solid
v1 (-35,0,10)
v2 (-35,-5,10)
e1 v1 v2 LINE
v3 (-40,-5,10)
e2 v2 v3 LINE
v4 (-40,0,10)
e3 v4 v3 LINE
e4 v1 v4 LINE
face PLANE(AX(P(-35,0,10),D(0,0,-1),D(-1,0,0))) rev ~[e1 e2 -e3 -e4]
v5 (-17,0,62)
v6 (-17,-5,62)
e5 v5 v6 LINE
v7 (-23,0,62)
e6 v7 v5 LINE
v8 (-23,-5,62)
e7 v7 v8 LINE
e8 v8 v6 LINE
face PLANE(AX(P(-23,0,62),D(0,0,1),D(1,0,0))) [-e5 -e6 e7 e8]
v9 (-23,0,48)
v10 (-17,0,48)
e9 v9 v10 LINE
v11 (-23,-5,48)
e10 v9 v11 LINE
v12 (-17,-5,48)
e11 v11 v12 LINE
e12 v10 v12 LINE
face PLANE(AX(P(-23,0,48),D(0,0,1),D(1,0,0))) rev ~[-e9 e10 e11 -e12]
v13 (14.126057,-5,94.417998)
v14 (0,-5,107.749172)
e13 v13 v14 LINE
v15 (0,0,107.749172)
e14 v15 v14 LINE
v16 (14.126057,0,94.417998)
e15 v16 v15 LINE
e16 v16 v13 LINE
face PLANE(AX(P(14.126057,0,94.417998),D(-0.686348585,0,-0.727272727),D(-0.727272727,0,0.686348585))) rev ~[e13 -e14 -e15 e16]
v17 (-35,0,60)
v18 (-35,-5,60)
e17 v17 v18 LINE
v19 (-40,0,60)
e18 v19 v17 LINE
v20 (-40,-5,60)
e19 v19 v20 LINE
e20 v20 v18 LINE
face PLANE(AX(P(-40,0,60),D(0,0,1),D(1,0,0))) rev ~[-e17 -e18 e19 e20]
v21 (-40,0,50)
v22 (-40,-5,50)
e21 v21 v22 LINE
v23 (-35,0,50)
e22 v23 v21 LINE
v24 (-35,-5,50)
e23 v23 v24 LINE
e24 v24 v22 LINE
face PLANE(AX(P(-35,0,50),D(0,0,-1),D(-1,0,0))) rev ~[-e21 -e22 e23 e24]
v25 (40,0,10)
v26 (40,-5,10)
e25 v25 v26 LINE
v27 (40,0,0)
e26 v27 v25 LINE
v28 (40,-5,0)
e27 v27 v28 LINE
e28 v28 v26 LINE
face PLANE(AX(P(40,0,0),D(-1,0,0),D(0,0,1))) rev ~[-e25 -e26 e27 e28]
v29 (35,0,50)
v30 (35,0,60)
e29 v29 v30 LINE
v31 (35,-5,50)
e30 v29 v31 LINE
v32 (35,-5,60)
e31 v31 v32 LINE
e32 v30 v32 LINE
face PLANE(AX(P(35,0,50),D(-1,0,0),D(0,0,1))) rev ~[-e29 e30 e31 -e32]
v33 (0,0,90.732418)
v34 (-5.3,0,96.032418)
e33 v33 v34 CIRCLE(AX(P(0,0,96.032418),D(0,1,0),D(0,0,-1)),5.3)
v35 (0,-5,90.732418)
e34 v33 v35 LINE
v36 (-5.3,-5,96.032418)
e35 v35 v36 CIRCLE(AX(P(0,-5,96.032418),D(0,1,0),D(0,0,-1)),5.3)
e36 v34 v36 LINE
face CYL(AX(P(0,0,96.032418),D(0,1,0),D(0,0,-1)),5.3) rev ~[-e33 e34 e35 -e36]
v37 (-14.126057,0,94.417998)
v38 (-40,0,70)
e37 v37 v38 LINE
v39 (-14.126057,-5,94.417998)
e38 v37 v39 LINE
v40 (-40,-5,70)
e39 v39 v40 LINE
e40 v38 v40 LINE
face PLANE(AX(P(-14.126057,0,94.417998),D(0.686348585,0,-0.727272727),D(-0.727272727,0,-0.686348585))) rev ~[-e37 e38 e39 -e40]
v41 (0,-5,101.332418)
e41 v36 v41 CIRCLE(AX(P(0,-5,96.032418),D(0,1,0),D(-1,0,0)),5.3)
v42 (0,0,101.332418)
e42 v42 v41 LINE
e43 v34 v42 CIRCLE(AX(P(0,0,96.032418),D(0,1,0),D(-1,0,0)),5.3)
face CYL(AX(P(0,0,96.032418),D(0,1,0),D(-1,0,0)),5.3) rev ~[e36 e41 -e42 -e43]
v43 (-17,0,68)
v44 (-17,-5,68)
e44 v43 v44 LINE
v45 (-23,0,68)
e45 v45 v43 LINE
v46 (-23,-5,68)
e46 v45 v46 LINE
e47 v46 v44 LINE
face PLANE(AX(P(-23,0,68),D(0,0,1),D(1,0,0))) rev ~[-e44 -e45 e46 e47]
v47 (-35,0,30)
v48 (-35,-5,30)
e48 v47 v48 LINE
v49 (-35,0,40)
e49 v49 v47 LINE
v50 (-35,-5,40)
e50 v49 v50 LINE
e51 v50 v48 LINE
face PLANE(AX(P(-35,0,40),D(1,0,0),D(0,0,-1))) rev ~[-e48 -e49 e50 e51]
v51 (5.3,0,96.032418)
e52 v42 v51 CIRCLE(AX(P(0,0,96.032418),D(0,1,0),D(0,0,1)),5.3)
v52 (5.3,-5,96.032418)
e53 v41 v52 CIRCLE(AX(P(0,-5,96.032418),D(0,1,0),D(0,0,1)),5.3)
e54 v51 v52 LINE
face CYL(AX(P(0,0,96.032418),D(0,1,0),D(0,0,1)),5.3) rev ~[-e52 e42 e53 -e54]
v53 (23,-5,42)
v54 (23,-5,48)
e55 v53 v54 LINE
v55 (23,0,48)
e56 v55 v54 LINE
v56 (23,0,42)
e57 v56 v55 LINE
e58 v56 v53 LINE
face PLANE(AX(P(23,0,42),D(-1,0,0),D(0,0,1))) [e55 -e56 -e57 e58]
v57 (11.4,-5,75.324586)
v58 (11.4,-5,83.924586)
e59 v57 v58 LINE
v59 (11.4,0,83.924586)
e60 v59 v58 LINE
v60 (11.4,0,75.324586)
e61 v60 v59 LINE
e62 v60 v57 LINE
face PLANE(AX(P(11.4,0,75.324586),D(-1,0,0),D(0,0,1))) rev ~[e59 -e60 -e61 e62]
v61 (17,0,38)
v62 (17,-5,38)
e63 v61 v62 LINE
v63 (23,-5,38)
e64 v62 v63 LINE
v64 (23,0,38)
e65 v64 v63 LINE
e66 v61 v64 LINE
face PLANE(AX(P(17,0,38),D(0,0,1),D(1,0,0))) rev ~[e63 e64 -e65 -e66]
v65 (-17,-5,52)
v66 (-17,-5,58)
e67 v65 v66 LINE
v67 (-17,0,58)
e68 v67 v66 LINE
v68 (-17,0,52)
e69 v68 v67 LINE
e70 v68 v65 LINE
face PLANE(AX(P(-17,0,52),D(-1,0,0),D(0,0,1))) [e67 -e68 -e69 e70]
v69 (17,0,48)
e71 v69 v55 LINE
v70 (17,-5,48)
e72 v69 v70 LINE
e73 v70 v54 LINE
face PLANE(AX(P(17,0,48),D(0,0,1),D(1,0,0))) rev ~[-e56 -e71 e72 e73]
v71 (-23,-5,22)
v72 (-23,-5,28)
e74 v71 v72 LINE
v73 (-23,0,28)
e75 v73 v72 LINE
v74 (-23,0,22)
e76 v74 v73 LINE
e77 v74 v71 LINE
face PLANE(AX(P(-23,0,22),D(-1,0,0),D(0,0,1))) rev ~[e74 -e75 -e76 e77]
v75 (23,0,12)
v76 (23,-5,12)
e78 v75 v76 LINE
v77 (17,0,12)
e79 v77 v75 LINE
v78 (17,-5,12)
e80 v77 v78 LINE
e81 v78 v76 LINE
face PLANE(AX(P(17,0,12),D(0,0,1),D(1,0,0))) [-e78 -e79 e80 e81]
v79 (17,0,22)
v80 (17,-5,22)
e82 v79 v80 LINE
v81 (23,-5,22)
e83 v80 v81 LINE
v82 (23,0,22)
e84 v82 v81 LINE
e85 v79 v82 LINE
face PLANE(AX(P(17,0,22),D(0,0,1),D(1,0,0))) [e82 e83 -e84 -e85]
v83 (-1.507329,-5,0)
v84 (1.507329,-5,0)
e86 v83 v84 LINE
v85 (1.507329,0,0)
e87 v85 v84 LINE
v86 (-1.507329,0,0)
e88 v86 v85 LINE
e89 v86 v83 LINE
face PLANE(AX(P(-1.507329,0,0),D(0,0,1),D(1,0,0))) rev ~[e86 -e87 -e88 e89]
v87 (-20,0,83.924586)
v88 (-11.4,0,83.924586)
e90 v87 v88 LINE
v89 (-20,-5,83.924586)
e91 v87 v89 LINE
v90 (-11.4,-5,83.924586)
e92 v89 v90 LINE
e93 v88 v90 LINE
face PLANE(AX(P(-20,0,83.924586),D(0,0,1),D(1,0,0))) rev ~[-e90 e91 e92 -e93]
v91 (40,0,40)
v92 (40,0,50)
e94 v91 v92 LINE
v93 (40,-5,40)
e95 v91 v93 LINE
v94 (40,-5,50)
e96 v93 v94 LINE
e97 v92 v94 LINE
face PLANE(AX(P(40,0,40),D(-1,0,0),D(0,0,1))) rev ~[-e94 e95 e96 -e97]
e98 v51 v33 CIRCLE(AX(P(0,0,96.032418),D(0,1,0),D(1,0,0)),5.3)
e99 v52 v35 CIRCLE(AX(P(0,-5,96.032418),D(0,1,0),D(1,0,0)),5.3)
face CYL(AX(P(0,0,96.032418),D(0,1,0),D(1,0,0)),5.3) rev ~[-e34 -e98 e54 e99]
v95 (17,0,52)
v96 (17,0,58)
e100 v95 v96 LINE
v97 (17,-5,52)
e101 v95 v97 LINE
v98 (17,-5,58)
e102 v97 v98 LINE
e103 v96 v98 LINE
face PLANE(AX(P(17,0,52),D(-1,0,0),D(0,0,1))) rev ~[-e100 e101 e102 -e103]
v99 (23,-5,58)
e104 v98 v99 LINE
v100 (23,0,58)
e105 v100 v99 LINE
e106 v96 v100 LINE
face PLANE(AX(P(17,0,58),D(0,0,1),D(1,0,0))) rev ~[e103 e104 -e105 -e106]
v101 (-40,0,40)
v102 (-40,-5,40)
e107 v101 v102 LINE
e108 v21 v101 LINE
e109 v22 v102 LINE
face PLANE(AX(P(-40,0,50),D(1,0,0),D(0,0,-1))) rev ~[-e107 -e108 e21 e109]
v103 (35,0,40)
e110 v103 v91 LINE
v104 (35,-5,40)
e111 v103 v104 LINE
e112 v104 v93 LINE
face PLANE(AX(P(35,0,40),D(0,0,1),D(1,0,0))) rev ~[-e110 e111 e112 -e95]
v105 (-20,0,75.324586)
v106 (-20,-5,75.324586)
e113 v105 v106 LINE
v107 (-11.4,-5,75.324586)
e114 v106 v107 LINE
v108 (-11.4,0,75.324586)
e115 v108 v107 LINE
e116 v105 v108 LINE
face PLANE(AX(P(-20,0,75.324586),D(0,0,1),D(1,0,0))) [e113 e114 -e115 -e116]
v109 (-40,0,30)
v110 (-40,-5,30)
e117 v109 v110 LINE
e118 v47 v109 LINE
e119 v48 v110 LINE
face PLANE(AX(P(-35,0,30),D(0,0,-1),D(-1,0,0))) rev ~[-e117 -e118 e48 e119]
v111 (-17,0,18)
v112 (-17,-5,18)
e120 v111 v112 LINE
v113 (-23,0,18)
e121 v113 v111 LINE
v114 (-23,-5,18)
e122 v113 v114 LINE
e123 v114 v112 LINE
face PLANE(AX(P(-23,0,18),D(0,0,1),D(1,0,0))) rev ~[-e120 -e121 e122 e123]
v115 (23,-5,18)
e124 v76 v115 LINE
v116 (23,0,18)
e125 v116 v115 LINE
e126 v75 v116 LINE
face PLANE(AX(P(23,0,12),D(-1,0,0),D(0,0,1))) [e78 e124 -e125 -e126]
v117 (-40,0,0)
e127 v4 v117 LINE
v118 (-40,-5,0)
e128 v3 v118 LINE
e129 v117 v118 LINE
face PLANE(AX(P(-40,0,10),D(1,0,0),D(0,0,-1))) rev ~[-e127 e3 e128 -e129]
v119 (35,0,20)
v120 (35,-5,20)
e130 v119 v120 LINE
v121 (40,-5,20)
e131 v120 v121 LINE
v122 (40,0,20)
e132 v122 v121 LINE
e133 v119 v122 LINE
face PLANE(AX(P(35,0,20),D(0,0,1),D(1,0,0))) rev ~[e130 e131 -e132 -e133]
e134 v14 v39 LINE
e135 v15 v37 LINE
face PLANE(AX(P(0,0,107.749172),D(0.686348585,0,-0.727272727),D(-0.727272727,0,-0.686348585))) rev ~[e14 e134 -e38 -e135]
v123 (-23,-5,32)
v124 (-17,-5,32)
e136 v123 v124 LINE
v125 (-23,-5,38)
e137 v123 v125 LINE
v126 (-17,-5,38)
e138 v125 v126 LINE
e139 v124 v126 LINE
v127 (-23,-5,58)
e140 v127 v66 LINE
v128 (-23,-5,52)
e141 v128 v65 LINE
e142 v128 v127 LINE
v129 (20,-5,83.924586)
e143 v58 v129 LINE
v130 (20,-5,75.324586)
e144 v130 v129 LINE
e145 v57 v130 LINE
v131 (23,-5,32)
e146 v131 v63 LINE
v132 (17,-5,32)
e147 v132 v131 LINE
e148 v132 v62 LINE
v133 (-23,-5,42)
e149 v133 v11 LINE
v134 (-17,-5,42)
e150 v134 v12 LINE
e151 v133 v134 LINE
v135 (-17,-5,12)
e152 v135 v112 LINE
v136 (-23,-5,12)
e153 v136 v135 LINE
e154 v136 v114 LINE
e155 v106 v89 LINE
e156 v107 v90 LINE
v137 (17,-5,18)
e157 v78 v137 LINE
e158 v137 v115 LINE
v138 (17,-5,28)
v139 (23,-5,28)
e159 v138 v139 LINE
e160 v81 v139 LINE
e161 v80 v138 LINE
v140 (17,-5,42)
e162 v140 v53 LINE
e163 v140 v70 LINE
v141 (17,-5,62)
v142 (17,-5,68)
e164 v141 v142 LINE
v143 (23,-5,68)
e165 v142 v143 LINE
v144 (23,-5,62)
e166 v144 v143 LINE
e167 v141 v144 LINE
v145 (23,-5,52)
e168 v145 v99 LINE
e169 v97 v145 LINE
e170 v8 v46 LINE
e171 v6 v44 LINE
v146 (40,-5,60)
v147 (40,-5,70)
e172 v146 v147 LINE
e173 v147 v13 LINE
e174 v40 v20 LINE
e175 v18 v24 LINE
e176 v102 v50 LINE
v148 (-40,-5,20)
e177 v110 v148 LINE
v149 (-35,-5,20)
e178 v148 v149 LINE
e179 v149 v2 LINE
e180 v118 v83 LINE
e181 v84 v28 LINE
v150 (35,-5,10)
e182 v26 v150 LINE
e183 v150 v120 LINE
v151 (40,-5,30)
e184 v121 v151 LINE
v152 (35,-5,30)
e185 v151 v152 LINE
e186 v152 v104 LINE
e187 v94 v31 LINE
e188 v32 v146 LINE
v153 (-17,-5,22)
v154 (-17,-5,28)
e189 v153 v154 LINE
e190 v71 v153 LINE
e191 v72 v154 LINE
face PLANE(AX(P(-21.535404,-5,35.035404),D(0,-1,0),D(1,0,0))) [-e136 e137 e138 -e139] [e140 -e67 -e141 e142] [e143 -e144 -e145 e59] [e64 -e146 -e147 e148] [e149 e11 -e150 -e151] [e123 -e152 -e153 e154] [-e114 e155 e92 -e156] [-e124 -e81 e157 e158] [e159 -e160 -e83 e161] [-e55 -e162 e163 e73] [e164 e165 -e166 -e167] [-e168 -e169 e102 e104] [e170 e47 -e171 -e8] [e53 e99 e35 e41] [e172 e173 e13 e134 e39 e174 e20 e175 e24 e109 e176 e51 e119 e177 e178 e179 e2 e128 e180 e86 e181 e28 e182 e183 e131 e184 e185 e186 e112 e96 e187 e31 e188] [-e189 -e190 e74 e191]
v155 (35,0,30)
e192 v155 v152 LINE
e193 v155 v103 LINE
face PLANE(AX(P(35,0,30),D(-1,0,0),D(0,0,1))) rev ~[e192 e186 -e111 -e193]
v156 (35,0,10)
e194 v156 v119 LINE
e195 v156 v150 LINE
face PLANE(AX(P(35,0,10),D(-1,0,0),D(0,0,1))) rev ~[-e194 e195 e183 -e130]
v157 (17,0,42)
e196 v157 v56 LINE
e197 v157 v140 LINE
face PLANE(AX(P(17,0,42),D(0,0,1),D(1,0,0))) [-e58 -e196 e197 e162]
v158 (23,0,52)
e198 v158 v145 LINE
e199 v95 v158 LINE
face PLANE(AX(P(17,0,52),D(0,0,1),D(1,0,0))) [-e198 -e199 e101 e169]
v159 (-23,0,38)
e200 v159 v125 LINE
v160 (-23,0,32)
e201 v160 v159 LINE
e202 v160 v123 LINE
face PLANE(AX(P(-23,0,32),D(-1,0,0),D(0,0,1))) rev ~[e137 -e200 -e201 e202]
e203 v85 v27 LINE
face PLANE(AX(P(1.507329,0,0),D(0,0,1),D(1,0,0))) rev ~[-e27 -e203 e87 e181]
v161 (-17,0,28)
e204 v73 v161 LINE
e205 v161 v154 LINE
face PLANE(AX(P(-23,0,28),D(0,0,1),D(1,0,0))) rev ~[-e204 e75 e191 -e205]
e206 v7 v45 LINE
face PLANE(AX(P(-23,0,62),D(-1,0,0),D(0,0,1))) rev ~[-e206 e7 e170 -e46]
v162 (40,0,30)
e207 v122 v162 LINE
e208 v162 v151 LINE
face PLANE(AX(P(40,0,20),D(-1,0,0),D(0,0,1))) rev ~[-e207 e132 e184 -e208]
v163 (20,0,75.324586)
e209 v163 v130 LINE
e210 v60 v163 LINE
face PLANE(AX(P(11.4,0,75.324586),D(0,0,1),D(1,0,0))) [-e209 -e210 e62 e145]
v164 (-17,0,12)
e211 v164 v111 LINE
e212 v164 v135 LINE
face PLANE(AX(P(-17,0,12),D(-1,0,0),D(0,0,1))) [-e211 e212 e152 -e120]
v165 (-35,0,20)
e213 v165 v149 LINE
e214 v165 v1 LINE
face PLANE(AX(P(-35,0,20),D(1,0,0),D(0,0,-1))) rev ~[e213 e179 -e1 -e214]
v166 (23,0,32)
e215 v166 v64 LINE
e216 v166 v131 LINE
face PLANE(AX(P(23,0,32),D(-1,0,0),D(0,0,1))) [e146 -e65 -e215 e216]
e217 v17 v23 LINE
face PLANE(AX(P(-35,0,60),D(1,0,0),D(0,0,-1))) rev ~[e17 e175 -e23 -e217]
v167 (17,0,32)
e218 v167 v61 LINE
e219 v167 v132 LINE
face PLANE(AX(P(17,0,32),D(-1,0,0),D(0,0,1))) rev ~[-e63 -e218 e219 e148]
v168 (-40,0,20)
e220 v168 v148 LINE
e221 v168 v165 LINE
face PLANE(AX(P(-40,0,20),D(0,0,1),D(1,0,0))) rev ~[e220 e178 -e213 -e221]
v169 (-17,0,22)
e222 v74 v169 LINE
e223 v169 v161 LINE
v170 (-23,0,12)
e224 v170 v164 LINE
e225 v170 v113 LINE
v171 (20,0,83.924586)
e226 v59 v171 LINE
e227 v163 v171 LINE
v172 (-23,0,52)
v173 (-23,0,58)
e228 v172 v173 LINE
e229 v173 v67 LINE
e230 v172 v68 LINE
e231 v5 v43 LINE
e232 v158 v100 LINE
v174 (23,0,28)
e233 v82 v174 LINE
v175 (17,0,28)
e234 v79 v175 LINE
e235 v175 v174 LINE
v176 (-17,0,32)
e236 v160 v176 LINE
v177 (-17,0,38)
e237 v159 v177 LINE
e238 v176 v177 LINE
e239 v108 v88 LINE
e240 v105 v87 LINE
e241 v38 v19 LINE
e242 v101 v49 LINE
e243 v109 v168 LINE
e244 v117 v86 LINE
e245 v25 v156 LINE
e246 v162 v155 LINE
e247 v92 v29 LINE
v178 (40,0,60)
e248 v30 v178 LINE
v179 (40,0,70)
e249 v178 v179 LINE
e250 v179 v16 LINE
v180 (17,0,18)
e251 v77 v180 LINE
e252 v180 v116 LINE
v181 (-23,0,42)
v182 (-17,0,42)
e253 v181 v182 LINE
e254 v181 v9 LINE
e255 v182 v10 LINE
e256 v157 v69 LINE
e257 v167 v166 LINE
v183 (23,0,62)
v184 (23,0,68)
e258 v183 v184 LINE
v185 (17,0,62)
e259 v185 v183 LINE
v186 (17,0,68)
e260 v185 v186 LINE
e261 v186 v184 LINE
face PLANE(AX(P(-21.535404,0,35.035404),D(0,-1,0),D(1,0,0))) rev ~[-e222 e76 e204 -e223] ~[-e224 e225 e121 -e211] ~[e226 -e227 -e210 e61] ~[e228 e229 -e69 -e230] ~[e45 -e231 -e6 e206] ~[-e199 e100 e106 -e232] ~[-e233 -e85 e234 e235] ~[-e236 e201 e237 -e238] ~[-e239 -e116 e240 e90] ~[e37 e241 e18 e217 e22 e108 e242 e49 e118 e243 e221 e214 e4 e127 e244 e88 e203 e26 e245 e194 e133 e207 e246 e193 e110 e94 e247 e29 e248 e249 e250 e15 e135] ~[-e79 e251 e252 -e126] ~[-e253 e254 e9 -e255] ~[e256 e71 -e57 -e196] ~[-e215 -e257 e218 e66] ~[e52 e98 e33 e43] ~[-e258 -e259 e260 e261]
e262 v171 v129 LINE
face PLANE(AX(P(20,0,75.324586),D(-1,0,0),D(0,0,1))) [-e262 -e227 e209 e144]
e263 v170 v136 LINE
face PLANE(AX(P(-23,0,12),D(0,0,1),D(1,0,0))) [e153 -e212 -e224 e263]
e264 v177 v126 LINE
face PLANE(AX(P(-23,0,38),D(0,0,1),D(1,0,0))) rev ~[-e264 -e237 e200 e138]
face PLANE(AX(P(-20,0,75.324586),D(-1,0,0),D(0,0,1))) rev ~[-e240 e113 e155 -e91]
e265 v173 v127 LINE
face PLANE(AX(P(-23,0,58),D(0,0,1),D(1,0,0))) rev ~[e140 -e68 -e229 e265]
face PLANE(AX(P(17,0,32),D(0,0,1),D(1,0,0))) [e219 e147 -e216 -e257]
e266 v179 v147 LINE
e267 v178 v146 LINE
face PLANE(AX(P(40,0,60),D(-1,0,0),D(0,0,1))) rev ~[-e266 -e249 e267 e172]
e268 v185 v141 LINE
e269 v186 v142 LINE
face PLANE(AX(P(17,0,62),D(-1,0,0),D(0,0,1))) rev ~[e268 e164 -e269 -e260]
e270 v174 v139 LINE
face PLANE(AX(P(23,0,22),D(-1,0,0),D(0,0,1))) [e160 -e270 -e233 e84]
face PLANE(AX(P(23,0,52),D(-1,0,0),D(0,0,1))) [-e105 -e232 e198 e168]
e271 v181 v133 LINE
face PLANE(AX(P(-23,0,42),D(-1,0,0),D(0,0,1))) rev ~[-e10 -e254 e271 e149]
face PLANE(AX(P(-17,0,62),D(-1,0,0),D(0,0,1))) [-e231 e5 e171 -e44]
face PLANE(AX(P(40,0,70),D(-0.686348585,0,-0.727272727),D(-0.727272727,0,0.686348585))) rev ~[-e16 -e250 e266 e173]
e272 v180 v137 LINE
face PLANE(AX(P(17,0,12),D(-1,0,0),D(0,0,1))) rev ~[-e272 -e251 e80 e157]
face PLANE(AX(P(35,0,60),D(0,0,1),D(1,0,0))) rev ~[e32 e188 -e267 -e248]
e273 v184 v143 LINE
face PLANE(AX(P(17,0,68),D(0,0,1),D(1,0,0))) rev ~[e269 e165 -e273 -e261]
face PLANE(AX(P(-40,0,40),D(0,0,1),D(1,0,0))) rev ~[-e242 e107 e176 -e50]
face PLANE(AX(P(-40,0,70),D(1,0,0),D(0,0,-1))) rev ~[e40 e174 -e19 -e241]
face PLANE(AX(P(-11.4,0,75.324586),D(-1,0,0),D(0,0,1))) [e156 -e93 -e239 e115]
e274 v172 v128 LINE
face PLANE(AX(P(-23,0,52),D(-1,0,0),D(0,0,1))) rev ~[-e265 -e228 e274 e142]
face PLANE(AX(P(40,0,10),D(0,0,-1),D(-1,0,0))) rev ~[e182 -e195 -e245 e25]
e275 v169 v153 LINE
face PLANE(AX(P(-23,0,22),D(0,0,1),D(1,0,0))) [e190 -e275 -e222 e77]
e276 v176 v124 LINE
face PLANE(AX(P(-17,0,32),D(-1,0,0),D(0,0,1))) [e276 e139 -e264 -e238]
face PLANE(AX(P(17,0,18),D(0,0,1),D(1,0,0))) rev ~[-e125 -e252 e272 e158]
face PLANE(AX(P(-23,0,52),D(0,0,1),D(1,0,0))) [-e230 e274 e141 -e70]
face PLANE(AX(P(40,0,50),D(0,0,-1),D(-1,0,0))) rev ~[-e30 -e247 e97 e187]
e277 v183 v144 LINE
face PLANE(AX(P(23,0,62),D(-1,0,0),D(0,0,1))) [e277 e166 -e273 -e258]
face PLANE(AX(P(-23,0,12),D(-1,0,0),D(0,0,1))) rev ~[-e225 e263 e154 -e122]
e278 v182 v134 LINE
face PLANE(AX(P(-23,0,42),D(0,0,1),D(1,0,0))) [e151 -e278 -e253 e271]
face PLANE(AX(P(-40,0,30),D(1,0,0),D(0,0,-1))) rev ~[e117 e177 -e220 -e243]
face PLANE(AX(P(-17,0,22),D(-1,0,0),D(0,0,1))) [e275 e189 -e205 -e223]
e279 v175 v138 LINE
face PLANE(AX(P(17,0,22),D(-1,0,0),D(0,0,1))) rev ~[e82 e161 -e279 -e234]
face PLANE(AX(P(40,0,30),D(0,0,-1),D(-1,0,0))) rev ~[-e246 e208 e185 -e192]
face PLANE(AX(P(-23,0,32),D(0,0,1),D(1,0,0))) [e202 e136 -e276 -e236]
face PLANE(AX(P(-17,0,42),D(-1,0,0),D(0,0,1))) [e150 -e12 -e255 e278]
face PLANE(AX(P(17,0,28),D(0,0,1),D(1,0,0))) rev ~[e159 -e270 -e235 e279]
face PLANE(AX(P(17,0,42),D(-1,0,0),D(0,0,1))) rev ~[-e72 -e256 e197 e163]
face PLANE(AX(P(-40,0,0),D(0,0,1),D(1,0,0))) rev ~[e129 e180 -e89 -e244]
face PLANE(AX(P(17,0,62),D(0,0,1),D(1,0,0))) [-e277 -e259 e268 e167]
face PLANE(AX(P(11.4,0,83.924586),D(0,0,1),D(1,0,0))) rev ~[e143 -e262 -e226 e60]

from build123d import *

# Parameters (mm, degrees)
F0_W     = 6
F0_H     = 6
F0_W_2   = 1.507329056
F0_H_2   = 5.8719553053
F0_W_3   = 8.6
F0_H_3   = 8.6
F1_DEPTH = 5


with BuildPart() as f1:
    # F0 (on Front) → F1 (new body)
    with BuildSketch(Plane.XZ):
        Polygon((-40, 10), (-40, 0), (-1.507329056, 0), (-1.507329056, 5.8719553053), (0, 5.8719553053), (0, 70), (-40, 70), (-40, 60), (-35, 60), (-35, 50), (-40, 50), (-40, 40), (-35, 40), (-35, 30), (-40, 30), (-40, 20), (-35, 20), (-35, 10), align=None)
        with Locations((-20, 15)):
            Rectangle(F0_W, F0_H, mode=Mode.SUBTRACT)
        with Locations((-20, 25)):
            Rectangle(F0_W, F0_H, mode=Mode.SUBTRACT)
        with Locations((-20, 35)):
            Rectangle(F0_W, F0_H, mode=Mode.SUBTRACT)
        with Locations((-20, 45)):
            Rectangle(F0_W, F0_H, mode=Mode.SUBTRACT)
        with Locations((-20, 55)):
            Rectangle(F0_W, F0_H, mode=Mode.SUBTRACT)
        with Locations((-20, 65)):
            Rectangle(F0_W, F0_H, mode=Mode.SUBTRACT)
        with Locations((-0.753664528, 2.9359776527)):
            Rectangle(F0_W_2, F0_H_2)
        with Locations((0.753664528, 2.9359776527)):
            Rectangle(F0_W_2, F0_H_2)
        Polygon((0, 70), (0, 5.8719553053), (1.507329056, 5.8719553053), (1.507329056, 0), (40, 0), (40, 10), (35, 10), (35, 20), (40, 20), (40, 30), (35, 30), (35, 40), (40, 40), (40, 50), (35, 50), (35, 60), (40, 60), (40, 70), align=None)
        with Locations((20, 15)):
            Rectangle(F0_W, F0_H, mode=Mode.SUBTRACT)
        with Locations((20, 25)):
            Rectangle(F0_W, F0_H, mode=Mode.SUBTRACT)
        with Locations((20, 35)):
            Rectangle(F0_W, F0_H, mode=Mode.SUBTRACT)
        with Locations((20, 45)):
            Rectangle(F0_W, F0_H, mode=Mode.SUBTRACT)
        with Locations((20, 55)):
            Rectangle(F0_W, F0_H, mode=Mode.SUBTRACT)
        with Locations((20, 65)):
            Rectangle(F0_W, F0_H, mode=Mode.SUBTRACT)
        Polygon((-40, 70), (0, 70), (40, 70), (14.1260570447, 94.4179981875), (0, 107.7491721764), (-14.1260570447, 94.4179981875), align=None)
        with Locations((-15.7, 79.6245860882)):
            Rectangle(F0_W_3, F0_H_3, mode=Mode.SUBTRACT)
        with Locations((15.7, 79.6245860882)):
            Rectangle(F0_W_3, F0_H_3, mode=Mode.SUBTRACT)
        with BuildLine():
            ThreePointArc((0, 101.3324183106), (3.7476659403, 99.7800842509), (5.3, 96.0324183106))
            ThreePointArc((5.3, 96.0324183106), (3.7476659403, 92.2847523704), (0, 90.7324183106))
            ThreePointArc((0, 90.7324183106), (-3.7476659403, 92.2847523704), (-5.3, 96.0324183106))
            ThreePointArc((-5.3, 96.0324183106), (-3.7476659403, 99.7800842509), (0, 101.3324183106))
        make_face(mode=Mode.SUBTRACT)
    extrude(amount=F1_DEPTH)


solid = f1.part
